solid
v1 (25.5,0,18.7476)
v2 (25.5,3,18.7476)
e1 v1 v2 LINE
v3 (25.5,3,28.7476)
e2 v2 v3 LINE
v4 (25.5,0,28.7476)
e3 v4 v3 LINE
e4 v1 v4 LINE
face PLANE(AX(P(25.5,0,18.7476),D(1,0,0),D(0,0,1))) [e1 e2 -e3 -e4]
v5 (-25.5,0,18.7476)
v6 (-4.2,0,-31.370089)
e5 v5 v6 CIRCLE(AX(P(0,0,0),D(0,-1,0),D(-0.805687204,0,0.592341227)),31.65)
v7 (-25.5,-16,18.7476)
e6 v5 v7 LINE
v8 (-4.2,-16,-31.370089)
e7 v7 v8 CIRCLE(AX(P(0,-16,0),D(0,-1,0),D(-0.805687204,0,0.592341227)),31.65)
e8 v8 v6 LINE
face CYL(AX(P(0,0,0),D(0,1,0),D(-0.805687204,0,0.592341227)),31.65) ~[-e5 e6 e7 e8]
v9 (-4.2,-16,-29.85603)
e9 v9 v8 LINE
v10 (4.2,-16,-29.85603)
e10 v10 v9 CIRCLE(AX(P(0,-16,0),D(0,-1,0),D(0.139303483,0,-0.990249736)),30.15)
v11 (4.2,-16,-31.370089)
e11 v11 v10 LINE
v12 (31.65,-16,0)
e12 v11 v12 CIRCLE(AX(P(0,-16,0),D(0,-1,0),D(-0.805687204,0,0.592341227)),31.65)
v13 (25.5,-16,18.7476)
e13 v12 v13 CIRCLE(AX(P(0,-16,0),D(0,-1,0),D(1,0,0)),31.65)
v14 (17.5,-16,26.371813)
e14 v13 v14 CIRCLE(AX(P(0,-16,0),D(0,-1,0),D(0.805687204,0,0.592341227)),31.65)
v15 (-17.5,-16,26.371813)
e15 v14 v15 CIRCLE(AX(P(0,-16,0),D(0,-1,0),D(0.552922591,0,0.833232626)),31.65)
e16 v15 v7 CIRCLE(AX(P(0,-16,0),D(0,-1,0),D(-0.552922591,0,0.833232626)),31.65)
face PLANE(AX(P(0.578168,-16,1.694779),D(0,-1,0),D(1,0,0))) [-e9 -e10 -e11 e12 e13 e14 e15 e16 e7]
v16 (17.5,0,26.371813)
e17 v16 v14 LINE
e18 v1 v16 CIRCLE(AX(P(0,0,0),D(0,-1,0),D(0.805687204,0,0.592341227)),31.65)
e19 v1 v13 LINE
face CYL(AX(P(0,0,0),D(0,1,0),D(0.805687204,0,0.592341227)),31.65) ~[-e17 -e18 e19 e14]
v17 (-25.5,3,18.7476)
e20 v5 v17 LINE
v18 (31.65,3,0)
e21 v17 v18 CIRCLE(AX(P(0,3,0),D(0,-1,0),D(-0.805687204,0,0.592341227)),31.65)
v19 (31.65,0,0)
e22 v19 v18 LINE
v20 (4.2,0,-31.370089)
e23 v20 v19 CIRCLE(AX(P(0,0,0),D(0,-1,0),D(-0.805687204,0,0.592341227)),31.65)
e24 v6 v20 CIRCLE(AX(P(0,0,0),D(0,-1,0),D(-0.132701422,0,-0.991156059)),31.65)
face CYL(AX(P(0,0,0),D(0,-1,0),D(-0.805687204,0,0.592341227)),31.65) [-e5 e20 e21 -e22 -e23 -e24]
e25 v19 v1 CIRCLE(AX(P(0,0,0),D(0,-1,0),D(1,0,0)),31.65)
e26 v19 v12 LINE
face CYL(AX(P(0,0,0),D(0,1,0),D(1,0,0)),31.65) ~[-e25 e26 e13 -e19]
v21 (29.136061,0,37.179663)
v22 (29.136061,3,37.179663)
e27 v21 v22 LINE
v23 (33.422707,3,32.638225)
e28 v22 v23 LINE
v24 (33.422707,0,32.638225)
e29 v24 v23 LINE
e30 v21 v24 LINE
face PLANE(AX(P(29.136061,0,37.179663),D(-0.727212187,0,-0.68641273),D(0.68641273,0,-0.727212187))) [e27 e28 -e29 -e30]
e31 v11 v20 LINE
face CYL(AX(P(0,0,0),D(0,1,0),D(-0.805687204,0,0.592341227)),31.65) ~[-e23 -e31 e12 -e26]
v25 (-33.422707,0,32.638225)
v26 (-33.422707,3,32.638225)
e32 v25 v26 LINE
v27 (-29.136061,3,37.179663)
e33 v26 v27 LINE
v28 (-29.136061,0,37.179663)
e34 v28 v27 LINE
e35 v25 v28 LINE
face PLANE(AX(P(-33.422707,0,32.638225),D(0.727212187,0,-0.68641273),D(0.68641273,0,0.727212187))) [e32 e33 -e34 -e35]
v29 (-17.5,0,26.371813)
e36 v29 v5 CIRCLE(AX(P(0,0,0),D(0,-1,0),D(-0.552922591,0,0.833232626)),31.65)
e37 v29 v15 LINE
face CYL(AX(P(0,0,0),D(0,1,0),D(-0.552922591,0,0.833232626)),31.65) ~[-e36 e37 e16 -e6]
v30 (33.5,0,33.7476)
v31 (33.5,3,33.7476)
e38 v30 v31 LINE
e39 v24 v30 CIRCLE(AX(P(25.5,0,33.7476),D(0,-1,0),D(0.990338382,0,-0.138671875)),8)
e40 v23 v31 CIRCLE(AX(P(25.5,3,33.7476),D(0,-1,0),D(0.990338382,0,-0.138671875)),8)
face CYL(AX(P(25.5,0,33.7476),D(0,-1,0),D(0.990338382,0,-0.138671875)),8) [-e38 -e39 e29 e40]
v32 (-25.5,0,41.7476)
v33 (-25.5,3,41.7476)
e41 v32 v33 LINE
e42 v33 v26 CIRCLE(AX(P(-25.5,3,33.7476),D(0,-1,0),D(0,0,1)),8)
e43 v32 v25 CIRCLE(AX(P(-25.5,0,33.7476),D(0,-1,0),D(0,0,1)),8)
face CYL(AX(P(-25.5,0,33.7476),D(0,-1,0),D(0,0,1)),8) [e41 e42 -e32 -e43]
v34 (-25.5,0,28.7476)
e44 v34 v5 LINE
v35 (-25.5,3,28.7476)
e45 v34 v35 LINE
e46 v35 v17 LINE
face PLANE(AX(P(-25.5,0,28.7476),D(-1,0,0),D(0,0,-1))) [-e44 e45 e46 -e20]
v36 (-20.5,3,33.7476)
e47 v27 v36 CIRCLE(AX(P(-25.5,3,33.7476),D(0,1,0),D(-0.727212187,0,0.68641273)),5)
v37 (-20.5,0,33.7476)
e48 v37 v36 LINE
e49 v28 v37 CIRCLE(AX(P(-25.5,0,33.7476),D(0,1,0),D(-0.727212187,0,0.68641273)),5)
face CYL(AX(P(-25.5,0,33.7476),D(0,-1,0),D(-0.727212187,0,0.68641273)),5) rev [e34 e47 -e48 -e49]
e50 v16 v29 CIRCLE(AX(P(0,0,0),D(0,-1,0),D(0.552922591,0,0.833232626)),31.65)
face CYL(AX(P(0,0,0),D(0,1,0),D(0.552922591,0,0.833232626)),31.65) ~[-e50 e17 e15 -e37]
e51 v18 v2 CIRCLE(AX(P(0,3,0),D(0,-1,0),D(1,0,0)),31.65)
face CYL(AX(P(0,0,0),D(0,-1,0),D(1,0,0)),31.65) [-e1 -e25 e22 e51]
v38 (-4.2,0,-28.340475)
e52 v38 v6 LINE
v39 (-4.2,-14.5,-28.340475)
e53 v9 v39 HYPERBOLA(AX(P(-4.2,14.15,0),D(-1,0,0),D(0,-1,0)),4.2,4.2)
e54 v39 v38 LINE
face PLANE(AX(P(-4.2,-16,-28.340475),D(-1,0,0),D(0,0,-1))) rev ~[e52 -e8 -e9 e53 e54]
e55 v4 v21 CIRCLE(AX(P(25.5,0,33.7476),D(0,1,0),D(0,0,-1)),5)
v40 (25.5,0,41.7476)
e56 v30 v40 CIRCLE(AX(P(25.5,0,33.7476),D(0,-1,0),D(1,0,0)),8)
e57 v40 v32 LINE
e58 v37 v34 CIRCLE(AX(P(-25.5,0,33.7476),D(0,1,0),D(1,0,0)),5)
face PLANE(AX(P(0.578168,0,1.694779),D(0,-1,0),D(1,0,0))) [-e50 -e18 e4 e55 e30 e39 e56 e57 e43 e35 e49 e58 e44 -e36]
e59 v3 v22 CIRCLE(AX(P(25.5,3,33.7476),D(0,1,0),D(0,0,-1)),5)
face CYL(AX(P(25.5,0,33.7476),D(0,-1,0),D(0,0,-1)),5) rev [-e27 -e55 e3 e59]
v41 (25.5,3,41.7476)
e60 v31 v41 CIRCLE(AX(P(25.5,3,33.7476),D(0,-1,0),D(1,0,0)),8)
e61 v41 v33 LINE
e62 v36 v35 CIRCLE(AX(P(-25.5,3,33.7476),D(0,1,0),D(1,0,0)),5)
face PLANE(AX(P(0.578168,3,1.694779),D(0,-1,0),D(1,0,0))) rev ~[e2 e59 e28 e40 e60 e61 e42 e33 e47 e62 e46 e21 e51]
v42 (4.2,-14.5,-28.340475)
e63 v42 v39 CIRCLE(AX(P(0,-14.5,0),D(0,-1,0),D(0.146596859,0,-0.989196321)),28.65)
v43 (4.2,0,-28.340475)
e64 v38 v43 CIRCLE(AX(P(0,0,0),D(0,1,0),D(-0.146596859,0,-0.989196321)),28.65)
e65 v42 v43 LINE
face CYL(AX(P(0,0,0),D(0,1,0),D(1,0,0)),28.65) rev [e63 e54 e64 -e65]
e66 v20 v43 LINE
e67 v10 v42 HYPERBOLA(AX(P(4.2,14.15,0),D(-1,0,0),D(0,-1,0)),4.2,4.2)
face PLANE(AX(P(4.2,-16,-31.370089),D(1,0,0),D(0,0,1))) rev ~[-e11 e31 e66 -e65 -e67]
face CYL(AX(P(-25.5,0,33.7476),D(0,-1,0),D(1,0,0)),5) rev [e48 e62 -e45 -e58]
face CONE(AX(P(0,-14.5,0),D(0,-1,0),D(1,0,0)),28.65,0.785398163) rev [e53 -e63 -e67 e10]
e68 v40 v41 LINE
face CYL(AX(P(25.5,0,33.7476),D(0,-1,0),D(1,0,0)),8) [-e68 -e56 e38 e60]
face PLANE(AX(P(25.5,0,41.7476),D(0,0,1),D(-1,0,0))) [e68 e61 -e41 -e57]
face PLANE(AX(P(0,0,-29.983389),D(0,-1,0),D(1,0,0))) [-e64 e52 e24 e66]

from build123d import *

# Parameters (mm, degrees)
F6_R     = 28.65
F1_DEPTH = 3
F2_DEPTH = 16
F4_DEPTH = 16
F5_SIZE  = 1.5


with BuildPart() as f1:
    # F6 (on Front) → F1 (new body)
    with BuildSketch(Plane.XZ):
        with BuildLine():
            ThreePointArc((-25.5, 18.7475998464), (-9.8652800264, -30.0732231395), (31.65, 0))
            ThreePointArc((31.65, 0), (30.0732231395, 9.8652800264), (25.5, 18.7475998464))
            ThreePointArc((25.5, 18.7475998464), (21.8353418806, 22.9115766581), (17.5, 26.3718126036))
            ThreePointArc((17.5, 26.3718126036), (0, 31.65), (-17.5, 26.3718126036))
            ThreePointArc((-17.5, 26.3718126036), (-21.8353418806, 22.9115766581), (-25.5, 18.7475998464))
        make_face()
        Circle(F6_R, mode=Mode.SUBTRACT)
        Circle(F6_R)
        with BuildLine():
            ThreePointArc((-17.5, 26.3718126036), (0, 31.65), (17.5, 26.3718126036))
            Line((17.5, 26.3718126036), (17.5, 33.7475998464))
            ThreePointArc((17.5, 33.7475998464), (19.8431457505, 39.4044540959), (25.5, 41.7475998464))
            Line((25.5, 41.7475998464), (-25.5, 41.7475998464))
            ThreePointArc((-25.5, 41.7475998464), (-19.8431457505, 39.4044540959), (-17.5, 33.7475998464))
            Line((-17.5, 33.7475998464), (-17.5, 26.3718126036))
        make_face()
        with BuildLine():
            Line((-25.5, 28.7475998464), (-25.5, 25.7475998464))
            ThreePointArc((-25.5, 25.7475998464), (-19.8431457505, 28.0907455969), (-17.5, 33.7475998464))
            ThreePointArc((-17.5, 33.7475998464), (-19.8431457505, 39.4044540959), (-25.5, 41.7475998464))
            ThreePointArc((-25.5, 41.7475998464), (-31.5363482338, 38.9975998464), (-33.4227070569, 32.6382248464))
            Line((-33.4227070569, 32.6382248464), (-29.1360609327, 37.1796634958))
            ThreePointArc((-29.1360609327, 37.1796634958), (-23.6534227154, 38.3941203006), (-20.5, 33.7475998464))
            ThreePointArc((-20.5, 33.7475998464), (-21.9644660941, 30.2120659404), (-25.5, 28.7475998464))
        make_face()
        with BuildLine():
            ThreePointArc((17.5, 33.7475998464), (19.8431457505, 28.0907455969), (25.5, 25.7475998464))
            Line((25.5, 25.7475998464), (25.5, 28.7475998464))
            ThreePointArc((25.5, 28.7475998464), (20.9086865579, 35.7274586485), (29.1360609327, 37.1796634958))
            Line((29.1360609327, 37.1796634958), (33.4227070569, 32.6382248464))
            ThreePointArc((33.4227070569, 32.6382248464), (33.480653371, 33.1915676779), (33.5, 33.7475998464))
            ThreePointArc((33.5, 33.7475998464), (31.1568542495, 39.4044540959), (25.5, 41.7475998464))
            ThreePointArc((25.5, 41.7475998464), (19.8431457505, 39.4044540959), (17.5, 33.7475998464))
        make_face()
        with BuildLine():
            Line((-25.5, 25.7475998464), (-25.5, 18.7475998464))
            ThreePointArc((-25.5, 18.7475998464), (-21.8353418806, 22.9115766581), (-17.5, 26.3718126036))
            Line((-17.5, 26.3718126036), (-17.5, 33.7475998464))
            ThreePointArc((-17.5, 33.7475998464), (-19.8431457505, 28.0907455969), (-25.5, 25.7475998464))
        make_face()
        with BuildLine():
            ThreePointArc((17.5, 26.3718126036), (21.8353418806, 22.9115766581), (25.5, 18.7475998464))
            Line((25.5, 18.7475998464), (25.5, 25.7475998464))
            ThreePointArc((25.5, 25.7475998464), (19.8431457505, 28.0907455969), (17.5, 33.7475998464))
            Line((17.5, 33.7475998464), (17.5, 26.3718126036))
        make_face()
    extrude(amount=-F1_DEPTH)

    # F6 (on Front) → F2 (join)
    with BuildSketch(Plane.XZ):
        with BuildLine():
            ThreePointArc((-25.5, 18.7475998464), (-9.8652800264, -30.0732231395), (31.65, 0))
            ThreePointArc((31.65, 0), (30.0732231395, 9.8652800264), (25.5, 18.7475998464))
            ThreePointArc((25.5, 18.7475998464), (21.8353418806, 22.9115766581), (17.5, 26.3718126036))
            ThreePointArc((17.5, 26.3718126036), (0, 31.65), (-17.5, 26.3718126036))
            ThreePointArc((-17.5, 26.3718126036), (-21.8353418806, 22.9115766581), (-25.5, 18.7475998464))
        make_face()
        Circle(F6_R, mode=Mode.SUBTRACT)
    extrude(amount=F2_DEPTH)

    # F3 (on face) → F4 (cut, through all)
    with BuildSketch(Plane.XZ.offset(16)):
        with BuildLine():
            ThreePointArc((4.2, -28.3404745902), (0, -28.65), (-4.2, -28.3404745902))
            Line((-4.2, -28.3404745902), (-4.2, -31.3700892571))
            ThreePointArc((-4.2, -31.3700892571), (0, -31.65), (4.2, -31.3700892571))
            Line((4.2, -31.3700892571), (4.2, -28.3404745902))
        make_face()
    extrude(amount=-F4_DEPTH, mode=Mode.SUBTRACT)

    # F5
    f5_edges = [f1.edges().sort_by_distance(p)[0] for p in [
        (-18.714867, -16, 21.69277),
    ]]
    chamfer(f5_edges, length=F5_SIZE)


solid = f1.part
